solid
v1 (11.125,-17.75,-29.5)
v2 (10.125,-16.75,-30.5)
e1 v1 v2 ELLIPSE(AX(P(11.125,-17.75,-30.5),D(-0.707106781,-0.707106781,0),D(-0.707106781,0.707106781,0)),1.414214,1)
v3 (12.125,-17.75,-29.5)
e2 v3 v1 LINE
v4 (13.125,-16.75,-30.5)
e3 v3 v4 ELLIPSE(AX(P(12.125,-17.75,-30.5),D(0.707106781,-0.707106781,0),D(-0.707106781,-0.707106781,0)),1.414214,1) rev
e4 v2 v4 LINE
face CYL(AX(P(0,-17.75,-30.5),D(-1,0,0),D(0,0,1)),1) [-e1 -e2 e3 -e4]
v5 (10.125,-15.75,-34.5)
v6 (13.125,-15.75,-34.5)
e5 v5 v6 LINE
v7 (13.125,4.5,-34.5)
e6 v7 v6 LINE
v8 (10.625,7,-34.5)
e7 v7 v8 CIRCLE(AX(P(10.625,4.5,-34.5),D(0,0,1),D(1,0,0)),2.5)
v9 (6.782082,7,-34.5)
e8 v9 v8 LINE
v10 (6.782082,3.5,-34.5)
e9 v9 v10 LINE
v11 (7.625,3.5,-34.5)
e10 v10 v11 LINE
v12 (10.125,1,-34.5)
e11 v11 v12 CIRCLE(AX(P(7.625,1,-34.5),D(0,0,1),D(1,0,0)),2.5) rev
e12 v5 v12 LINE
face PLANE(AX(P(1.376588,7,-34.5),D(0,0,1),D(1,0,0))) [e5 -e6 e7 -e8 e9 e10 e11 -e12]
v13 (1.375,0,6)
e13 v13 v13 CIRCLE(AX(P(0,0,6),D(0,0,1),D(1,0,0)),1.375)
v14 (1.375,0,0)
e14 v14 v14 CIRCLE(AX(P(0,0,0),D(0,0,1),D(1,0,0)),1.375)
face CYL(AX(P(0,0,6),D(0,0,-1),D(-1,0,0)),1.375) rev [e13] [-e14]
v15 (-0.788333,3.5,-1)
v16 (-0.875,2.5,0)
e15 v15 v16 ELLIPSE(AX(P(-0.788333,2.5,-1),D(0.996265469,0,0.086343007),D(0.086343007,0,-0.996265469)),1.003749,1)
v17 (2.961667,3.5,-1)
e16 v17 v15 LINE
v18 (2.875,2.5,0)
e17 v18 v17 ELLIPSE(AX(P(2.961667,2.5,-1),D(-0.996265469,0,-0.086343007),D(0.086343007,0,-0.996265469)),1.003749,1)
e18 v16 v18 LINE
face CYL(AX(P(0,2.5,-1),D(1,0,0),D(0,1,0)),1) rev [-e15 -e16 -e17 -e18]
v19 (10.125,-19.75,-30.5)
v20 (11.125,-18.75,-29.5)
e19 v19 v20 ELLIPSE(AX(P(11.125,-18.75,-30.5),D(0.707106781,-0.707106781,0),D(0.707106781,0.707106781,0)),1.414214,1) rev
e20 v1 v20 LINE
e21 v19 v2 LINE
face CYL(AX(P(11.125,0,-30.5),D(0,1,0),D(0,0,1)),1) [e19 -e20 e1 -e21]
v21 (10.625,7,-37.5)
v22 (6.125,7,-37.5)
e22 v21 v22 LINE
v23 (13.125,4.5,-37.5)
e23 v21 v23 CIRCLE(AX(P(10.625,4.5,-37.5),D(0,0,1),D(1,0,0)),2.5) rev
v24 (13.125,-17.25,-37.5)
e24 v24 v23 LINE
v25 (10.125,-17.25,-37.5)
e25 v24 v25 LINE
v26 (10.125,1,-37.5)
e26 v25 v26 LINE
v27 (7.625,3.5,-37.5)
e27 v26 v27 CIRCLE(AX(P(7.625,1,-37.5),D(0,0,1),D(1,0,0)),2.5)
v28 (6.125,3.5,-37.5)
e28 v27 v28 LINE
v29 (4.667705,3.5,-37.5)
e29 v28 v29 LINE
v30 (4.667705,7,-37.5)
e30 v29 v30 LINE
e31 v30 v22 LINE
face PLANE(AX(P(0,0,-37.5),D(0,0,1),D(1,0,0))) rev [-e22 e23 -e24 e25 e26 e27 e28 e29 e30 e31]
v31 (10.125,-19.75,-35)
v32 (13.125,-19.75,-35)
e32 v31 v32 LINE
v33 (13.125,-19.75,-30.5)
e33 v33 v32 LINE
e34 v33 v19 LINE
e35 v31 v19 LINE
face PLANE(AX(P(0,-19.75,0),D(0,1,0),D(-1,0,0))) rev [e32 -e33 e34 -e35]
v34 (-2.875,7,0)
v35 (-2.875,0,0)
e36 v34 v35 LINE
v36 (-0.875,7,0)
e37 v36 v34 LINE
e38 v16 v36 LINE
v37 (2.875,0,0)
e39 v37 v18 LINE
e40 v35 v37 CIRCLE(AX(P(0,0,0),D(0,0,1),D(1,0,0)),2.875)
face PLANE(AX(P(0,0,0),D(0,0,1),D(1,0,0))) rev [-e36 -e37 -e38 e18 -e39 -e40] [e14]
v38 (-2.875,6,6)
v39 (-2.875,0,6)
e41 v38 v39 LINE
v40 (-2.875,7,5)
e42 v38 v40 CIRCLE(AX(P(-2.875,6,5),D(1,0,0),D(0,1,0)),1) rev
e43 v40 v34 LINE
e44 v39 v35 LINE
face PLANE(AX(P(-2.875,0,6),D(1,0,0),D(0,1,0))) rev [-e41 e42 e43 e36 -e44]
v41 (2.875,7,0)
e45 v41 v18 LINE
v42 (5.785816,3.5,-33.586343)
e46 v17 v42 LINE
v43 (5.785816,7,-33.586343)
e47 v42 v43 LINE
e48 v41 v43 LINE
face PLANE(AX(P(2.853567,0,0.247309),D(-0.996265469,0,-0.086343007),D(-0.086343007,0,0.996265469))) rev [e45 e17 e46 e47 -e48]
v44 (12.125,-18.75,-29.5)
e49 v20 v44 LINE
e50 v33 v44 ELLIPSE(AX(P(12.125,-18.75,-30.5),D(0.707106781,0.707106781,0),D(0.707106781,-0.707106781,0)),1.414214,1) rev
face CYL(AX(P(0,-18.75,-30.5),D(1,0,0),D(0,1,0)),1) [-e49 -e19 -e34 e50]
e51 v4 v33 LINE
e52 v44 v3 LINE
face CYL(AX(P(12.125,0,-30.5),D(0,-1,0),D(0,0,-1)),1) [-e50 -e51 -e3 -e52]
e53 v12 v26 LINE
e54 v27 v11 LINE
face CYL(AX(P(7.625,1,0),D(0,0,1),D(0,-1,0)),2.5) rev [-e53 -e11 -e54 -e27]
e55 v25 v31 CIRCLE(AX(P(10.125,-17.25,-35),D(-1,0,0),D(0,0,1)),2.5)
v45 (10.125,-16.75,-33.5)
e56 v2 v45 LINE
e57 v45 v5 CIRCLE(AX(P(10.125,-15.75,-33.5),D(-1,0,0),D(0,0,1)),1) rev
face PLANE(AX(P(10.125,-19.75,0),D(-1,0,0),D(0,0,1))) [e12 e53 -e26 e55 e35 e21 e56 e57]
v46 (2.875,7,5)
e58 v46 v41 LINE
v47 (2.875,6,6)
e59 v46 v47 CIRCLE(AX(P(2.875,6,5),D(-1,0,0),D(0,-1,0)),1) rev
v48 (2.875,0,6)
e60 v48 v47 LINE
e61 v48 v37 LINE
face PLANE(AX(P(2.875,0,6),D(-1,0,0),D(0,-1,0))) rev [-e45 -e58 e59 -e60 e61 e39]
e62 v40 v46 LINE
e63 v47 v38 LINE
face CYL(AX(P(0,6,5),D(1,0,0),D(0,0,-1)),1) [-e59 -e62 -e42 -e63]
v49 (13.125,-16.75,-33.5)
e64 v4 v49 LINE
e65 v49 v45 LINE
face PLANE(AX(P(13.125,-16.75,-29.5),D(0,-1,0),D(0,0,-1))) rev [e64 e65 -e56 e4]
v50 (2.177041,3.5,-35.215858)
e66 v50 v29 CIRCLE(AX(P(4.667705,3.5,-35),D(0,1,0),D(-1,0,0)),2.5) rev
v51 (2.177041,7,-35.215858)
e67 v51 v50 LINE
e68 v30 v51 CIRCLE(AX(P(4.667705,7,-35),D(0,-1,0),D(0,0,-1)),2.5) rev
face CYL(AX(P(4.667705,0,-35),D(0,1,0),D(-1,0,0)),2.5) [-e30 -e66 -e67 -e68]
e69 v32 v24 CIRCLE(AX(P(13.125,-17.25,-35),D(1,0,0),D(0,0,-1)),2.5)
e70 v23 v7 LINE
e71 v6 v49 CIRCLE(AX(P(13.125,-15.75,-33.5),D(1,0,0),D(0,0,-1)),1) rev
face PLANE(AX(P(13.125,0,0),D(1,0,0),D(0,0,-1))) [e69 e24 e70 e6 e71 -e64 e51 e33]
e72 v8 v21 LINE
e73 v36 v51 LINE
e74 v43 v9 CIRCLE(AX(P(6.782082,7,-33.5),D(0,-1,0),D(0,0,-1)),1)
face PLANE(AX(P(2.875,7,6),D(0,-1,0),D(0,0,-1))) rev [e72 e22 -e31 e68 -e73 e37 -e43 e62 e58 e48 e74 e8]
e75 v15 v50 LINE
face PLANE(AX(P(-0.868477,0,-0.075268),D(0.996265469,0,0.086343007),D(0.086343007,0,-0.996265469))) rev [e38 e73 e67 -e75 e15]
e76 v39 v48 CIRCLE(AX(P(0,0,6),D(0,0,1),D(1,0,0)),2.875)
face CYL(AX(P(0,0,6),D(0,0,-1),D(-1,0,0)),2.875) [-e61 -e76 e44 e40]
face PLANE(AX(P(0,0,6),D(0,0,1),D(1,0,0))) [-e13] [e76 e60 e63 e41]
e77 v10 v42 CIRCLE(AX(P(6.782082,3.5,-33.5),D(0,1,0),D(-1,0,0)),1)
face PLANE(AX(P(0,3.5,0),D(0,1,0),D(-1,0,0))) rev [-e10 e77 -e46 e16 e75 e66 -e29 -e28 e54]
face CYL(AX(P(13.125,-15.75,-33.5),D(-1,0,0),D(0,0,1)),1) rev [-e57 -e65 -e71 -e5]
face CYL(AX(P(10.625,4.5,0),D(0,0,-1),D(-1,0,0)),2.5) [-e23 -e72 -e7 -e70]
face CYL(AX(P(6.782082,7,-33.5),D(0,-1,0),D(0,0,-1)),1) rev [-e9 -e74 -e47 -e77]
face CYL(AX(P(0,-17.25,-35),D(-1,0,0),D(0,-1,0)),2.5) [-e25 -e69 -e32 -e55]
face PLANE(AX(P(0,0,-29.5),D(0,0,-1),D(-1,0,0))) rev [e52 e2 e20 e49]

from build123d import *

# Parameters (mm, degrees)
SKETCH1_R           = 1.375
BOSS_EXTRUDE1_DEPTH = 6
BOSS_EXTRUDE2_START = 5.865
SKETCH9_W           = 3.5
SKETCH9_H           = 3
BOSS_EXTRUDE2_DEPTH = 7.26
BOSS_EXTRUDE3_START = -26.75
SKETCH10_W          = 3
SKETCH10_H          = 3
BOSS_EXTRUDE3_DEPTH = 23.25
SKETCH11_W          = 3
SKETCH11_H          = 3
BOSS_EXTRUDE4_DEPTH = 5
FILLET1_R           = 2.5
FILLET2_R           = 1


with BuildPart() as part:
    # Sketch1 → Boss-Extrude1 (new body)
    with BuildSketch(Plane(origin=(0, 0, 0), x_dir=(0, 1, 0), z_dir=(0, 0, 1))):
        with BuildLine():
            Line((0, 2.875), (7, 2.875))
            Line((7, 2.875), (7, -2.875))
            Line((7, -2.875), (0, -2.875))
            ThreePointArc((0, -2.875), (-2.875, 0), (0, 2.875))
        make_face()
        with Locations(Location((0, 0, 0), (0, 0, 270))):
            Circle(SKETCH1_R, mode=Mode.SUBTRACT)
    extrude(amount=BOSS_EXTRUDE1_DEPTH)

    # Sketch2 → Loft1 section 0
    with BuildSketch(Plane(origin=(0, 0, 0), x_dir=(1, 0, 0), z_dir=(0, 0, -1))):
        with BuildLine():
            Line((2.875, -7), (-0.875, -7))
            Line((-0.875, -7), (-0.875, -3.5))
            Line((-0.875, -3.5), (2.875, -3.5))
            Line((2.875, -3.5), (2.875, -7))
        make_face()
    # Sketch8 → Loft1 section 1
    with BuildSketch(Plane(origin=(0, 0, -37.5), x_dir=(-1, 0, 0), z_dir=(0, 0, -1))):
        with BuildLine():
            Line((-6.125, 3.5), (-6.125, 7))
            Line((-6.125, 7), (-2.375, 7))
            Line((-2.375, 7), (-2.375, 3.5))
            Line((-2.375, 3.5), (-6.125, 3.5))
        make_face()
    loft()

    # Sketch9 → Boss-Extrude2 (add)
    with BuildSketch(Plane.YZ.offset(BOSS_EXTRUDE2_START)):
        with Locations((5.25, -36)):
            Rectangle(SKETCH9_W, SKETCH9_H)
    extrude(amount=BOSS_EXTRUDE2_DEPTH)

    # Sketch10 → Boss-Extrude3 (add)
    with BuildSketch(Plane(origin=(0, 7, 0), x_dir=(-1, 0, 0), z_dir=(0, 1, 0)).offset(BOSS_EXTRUDE3_START)):
        with Locations((-11.625, -36)):
            Rectangle(SKETCH10_W, SKETCH10_H)
    extrude(amount=BOSS_EXTRUDE3_DEPTH)

    # Sketch11 → Boss-Extrude4 (add)
    with BuildSketch(Plane.XY.offset(-34.5)):
        with Locations((11.625, -18.25)):
            Rectangle(SKETCH11_W, SKETCH11_H)
    extrude(amount=BOSS_EXTRUDE4_DEPTH)

    # Fillet1
    fillet1_edges = [part.edges().sort_by_distance(p)[0] for p in [
        (2.375, 5.25, -37.5),
        (13.125, 7, -36),
        (11.625, -19.75, -37.5),
        (10.125, 3.5, -36),
    ]]
    fillet(fillet1_edges, radius=FILLET1_R)

    # Fillet2
    fillet2_edges = [part.edges().sort_by_distance(p)[0] for p in [
        (0, 7, 6),
        (1, 3.5, 0),
        (5.865, 5.25, -34.5),
        (11.625, -16.75, -34.5),
        (11.625, -19.75, -29.5),
        (13.125, -18.25, -29.5),
        (11.625, -16.75, -29.5),
        (10.125, -18.25, -29.5),
    ]]
    fillet(fillet2_edges, radius=FILLET2_R)


solid = part.part
